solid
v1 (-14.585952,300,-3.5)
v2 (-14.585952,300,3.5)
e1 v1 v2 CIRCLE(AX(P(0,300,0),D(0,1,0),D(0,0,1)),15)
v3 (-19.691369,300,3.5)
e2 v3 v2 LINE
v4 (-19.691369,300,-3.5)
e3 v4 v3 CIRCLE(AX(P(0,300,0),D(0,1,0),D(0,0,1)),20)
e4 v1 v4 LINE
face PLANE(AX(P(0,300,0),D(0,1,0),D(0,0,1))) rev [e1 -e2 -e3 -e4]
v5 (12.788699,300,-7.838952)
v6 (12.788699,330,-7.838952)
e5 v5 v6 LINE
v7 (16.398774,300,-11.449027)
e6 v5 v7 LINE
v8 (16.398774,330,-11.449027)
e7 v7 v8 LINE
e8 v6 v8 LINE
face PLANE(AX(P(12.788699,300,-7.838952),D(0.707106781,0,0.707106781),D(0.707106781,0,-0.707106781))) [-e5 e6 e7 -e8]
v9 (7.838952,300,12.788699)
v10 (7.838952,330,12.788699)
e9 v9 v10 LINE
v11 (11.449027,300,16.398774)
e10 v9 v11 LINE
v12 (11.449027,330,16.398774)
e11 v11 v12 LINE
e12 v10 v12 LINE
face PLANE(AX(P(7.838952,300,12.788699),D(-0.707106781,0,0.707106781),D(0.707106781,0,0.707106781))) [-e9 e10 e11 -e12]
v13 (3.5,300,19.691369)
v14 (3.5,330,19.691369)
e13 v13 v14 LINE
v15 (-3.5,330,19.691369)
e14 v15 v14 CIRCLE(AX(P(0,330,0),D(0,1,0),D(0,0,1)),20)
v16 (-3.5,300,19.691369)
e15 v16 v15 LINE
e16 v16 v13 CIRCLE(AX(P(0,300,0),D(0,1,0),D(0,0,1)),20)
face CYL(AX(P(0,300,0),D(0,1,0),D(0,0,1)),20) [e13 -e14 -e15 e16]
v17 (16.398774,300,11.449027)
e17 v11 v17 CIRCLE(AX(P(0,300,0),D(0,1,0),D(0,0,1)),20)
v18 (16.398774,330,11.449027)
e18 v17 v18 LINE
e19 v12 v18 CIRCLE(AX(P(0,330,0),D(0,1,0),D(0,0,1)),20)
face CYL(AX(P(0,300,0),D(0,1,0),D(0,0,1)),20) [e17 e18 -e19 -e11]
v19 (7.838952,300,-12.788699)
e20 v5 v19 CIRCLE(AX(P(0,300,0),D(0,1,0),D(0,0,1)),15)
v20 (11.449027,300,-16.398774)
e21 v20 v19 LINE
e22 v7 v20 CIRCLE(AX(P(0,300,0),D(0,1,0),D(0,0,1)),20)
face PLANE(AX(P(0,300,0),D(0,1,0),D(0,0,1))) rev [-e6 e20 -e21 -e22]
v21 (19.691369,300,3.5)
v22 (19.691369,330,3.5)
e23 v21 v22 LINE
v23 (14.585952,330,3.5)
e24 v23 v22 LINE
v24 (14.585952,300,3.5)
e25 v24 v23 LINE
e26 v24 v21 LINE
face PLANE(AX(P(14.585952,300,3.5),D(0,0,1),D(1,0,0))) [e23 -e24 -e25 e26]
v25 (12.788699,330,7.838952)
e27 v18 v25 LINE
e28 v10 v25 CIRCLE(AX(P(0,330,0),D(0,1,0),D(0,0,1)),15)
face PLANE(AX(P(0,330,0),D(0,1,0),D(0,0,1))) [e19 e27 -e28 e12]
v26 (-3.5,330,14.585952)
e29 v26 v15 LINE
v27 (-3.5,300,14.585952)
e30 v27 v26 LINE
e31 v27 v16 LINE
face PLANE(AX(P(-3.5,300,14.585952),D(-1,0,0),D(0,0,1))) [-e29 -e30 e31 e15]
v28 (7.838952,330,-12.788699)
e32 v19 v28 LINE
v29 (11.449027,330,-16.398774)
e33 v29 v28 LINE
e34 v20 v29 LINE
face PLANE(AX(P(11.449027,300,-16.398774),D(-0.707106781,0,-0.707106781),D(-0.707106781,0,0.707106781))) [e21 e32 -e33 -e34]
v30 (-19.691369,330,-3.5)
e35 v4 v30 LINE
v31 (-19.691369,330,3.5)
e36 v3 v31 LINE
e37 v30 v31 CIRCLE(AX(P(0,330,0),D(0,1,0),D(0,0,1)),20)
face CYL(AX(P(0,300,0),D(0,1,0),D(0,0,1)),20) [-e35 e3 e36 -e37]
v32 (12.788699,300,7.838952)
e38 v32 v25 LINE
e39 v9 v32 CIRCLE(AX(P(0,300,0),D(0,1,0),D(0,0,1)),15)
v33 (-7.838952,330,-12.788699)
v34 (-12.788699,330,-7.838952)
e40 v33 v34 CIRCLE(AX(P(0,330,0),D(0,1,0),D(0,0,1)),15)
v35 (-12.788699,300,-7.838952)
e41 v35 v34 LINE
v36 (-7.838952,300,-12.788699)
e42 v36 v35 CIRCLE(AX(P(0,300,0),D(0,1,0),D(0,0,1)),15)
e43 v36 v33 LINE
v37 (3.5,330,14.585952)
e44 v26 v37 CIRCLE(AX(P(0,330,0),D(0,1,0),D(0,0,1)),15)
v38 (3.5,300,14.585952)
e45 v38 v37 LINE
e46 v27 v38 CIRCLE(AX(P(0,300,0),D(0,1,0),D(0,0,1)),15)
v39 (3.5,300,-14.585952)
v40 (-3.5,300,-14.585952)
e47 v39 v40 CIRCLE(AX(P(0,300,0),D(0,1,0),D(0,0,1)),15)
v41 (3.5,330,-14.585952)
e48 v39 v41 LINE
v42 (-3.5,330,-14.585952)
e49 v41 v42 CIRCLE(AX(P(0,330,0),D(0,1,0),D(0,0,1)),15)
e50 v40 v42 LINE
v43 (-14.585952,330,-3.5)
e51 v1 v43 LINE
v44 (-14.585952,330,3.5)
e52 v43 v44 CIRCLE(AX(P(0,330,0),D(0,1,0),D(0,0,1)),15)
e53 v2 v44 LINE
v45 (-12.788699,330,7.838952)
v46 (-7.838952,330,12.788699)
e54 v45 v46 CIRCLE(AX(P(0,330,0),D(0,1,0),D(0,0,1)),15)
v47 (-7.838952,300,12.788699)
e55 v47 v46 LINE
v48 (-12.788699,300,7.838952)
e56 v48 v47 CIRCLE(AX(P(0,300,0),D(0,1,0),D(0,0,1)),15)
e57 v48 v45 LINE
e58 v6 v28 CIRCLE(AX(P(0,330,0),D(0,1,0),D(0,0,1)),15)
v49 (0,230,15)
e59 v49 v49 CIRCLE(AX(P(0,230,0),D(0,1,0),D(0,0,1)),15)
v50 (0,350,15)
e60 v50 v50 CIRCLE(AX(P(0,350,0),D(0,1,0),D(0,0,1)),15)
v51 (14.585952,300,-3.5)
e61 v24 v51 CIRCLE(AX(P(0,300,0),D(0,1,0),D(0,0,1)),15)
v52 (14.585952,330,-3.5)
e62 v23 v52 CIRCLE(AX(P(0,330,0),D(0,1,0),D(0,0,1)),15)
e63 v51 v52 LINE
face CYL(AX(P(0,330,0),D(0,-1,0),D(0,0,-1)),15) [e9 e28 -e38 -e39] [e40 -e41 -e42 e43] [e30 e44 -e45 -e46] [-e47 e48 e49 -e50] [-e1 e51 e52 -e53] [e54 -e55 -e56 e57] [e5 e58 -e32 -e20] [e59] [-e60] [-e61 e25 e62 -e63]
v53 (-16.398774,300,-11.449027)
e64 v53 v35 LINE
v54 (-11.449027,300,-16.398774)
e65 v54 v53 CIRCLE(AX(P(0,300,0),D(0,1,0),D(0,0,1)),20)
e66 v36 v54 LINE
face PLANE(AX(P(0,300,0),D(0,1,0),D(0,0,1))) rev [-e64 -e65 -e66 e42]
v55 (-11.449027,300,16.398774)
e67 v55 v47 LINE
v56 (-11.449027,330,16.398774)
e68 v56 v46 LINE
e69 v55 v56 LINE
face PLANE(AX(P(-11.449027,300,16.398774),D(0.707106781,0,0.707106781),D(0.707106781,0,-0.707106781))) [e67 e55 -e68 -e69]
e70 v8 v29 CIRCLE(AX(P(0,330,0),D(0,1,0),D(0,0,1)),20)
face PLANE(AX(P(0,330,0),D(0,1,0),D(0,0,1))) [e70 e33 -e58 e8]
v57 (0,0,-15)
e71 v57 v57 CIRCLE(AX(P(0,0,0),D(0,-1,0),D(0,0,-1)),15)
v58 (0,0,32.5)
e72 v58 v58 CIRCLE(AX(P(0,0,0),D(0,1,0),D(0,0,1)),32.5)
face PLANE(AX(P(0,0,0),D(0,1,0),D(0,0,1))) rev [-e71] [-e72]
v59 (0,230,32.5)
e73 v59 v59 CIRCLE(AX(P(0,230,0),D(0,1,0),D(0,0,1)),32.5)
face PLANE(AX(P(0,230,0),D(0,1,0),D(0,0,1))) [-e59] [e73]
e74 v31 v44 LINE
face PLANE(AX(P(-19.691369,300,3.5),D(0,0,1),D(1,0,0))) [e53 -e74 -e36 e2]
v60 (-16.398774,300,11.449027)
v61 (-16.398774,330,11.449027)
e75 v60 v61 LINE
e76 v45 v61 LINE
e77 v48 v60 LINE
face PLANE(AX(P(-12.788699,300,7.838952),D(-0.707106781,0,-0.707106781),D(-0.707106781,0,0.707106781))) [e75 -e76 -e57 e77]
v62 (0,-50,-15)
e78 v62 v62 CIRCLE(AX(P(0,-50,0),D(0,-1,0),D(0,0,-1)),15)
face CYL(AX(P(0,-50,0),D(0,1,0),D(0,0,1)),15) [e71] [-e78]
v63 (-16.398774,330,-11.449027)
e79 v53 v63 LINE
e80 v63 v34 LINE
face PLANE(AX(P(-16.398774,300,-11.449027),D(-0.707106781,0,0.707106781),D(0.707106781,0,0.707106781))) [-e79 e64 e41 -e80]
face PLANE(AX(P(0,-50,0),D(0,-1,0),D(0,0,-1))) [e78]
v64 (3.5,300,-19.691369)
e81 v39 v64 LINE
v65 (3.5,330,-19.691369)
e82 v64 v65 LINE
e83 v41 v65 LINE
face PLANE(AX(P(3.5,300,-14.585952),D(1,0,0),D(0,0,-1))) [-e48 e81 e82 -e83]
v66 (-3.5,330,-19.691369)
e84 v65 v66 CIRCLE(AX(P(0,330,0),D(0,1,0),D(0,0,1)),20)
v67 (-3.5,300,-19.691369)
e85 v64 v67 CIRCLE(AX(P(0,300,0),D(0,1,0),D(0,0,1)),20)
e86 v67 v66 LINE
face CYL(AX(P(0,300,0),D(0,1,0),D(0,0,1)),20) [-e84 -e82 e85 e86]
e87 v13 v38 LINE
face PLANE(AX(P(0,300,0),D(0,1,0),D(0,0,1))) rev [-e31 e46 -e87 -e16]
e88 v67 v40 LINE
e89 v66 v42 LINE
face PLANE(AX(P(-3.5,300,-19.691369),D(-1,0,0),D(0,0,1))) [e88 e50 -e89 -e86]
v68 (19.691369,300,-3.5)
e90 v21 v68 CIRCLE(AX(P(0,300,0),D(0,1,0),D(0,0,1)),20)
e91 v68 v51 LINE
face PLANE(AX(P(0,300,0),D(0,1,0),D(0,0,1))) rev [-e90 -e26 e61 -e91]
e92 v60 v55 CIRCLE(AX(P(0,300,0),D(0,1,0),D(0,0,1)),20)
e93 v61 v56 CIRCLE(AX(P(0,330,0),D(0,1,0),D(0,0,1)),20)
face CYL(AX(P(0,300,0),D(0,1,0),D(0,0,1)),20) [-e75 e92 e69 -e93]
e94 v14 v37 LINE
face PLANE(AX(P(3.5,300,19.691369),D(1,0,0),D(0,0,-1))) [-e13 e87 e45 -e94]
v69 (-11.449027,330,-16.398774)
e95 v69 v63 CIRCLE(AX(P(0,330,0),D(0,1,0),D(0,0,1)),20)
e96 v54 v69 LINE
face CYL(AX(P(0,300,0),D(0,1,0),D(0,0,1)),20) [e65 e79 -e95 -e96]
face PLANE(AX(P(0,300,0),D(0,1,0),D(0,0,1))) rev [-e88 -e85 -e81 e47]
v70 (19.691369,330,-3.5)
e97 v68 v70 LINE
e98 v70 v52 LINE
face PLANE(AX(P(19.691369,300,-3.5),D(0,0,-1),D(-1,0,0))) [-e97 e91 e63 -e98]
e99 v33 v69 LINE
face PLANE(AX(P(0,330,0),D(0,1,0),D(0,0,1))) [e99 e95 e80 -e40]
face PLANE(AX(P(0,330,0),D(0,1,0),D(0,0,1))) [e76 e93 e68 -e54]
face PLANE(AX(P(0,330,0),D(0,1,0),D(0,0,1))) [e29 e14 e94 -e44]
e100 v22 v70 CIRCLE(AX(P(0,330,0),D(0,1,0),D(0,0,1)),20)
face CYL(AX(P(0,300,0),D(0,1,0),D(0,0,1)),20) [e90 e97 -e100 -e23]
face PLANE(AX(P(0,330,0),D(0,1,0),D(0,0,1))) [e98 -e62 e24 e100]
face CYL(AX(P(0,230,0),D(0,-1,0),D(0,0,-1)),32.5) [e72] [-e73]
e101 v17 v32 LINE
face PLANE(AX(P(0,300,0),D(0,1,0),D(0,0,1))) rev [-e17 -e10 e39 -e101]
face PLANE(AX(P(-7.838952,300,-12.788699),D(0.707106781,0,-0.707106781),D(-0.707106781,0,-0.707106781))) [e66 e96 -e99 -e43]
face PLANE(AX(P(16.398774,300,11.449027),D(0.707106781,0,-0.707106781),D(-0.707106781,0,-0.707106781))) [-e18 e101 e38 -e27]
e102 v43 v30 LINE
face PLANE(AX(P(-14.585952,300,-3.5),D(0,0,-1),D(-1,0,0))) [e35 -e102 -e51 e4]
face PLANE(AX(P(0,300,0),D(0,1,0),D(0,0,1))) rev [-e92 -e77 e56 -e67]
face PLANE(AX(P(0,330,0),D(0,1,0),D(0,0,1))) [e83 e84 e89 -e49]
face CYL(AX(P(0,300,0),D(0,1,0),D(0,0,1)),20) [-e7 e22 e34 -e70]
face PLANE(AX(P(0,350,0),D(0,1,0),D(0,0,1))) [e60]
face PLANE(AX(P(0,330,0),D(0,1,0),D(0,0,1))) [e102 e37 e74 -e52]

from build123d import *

# Parameters (mm, degrees)
SKETCH1_R           = 32.5
BOSS_EXTRUDE1_DEPTH = 230
SKETCH2_R           = 15
BOSS_EXTRUDE2_DEPTH = 100
BOSS_EXTRUDE3_START = 50
SKETCH3_R           = 15
BOSS_EXTRUDE3_DEPTH = 50
BOSS_EXTRUDE4_START = -30
BOSS_EXTRUDE4_DEPTH = 30
SKETCH5_R           = 15
BOSS_EXTRUDE5_DEPTH = 20


with BuildPart() as part:
    # Sketch1 → Boss-Extrude1 (new body)
    with BuildSketch(Plane(origin=(0, 0, 0), x_dir=(1, 0, 0), z_dir=(0, 1, 0))):
        with Locations(Location((0, 0, 0), (0, 0, 270))):
            Circle(SKETCH1_R)
    extrude(amount=BOSS_EXTRUDE1_DEPTH)

    # Sketch2 → Boss-Extrude2 (add)
    with BuildSketch(Plane(origin=(0, 230, 0), x_dir=(1, 0, 0), z_dir=(0, 1, 0))):
        with Locations(Location((0, 0, 0), (0, 0, 270))):
            Circle(SKETCH2_R)
    extrude(amount=BOSS_EXTRUDE2_DEPTH)

    # Sketch3 → Boss-Extrude3 (add)
    with BuildSketch(Plane.XZ.offset(BOSS_EXTRUDE3_START)):
        with Locations(Location((0, 0, 0), (0, 0, 90))):
            Circle(SKETCH3_R)
    extrude(amount=-BOSS_EXTRUDE3_DEPTH)

    # Sketch4 → Boss-Extrude4 (add)
    with BuildSketch(Plane(origin=(0, 330, 0), x_dir=(1, 0, 0), z_dir=(0, 1, 0)).offset(BOSS_EXTRUDE4_START)):
        with BuildLine():
            Line((-3.5, 19.691368668), (-3.5, 14.585952146))
            ThreePointArc((-3.5, 14.585952146), (-5.740251485, 13.858192988), (-7.838951938, 12.788699407))
            Line((-7.838951938, 12.788699407), (-11.449026581, 16.39877405))
            ThreePointArc((-11.449026581, 16.39877405), (-14.142135624, 14.142135624), (-16.39877405, 11.449026581))
            Line((-16.39877405, 11.449026581), (-12.788699407, 7.838951938))
            ThreePointArc((-12.788699407, 7.838951938), (-13.858192988, 5.740251485), (-14.585952146, 3.5))
            Line((-14.585952146, 3.5), (-19.691368668, 3.5))
            ThreePointArc((-19.691368668, 3.5), (-20, 0), (-19.691368668, -3.5))
            Line((-19.691368668, -3.5), (-14.585952146, -3.5))
            ThreePointArc((-14.585952146, -3.5), (-13.858192988, -5.740251485), (-12.788699407, -7.838951938))
            Line((-12.788699407, -7.838951938), (-16.39877405, -11.449026581))
            ThreePointArc((-16.39877405, -11.449026581), (-14.142135624, -14.142135624), (-11.449026581, -16.39877405))
            Line((-11.449026581, -16.39877405), (-7.838951938, -12.788699407))
            ThreePointArc((-7.838951938, -12.788699407), (-5.740251485, -13.858192988), (-3.5, -14.585952146))
            Line((-3.5, -14.585952146), (-3.5, -19.691368668))
            ThreePointArc((-3.5, -19.691368668), (0, -20), (3.5, -19.691368668))
            Line((3.5, -19.691368668), (3.5, -14.585952146))
            ThreePointArc((3.5, -14.585952146), (5.740251485, -13.858192988), (7.838951938, -12.788699407))
            Line((7.838951938, -12.788699407), (11.449026581, -16.39877405))
            ThreePointArc((11.449026581, -16.39877405), (14.142135624, -14.142135624), (16.39877405, -11.449026581))
            Line((16.39877405, -11.449026581), (12.788699407, -7.838951938))
            ThreePointArc((12.788699407, -7.838951938), (13.858192988, -5.740251485), (14.585952146, -3.5))
            Line((14.585952146, -3.5), (19.691368668, -3.5))
            ThreePointArc((19.691368668, -3.5), (20, 0), (19.691368668, 3.5))
            Line((19.691368668, 3.5), (14.585952146, 3.5))
            ThreePointArc((14.585952146, 3.5), (13.858192988, 5.740251485), (12.788699407, 7.838951938))
            Line((12.788699407, 7.838951938), (16.39877405, 11.449026581))
            ThreePointArc((16.39877405, 11.449026581), (14.142135624, 14.142135624), (11.449026581, 16.39877405))
            Line((11.449026581, 16.39877405), (7.838951938, 12.788699407))
            ThreePointArc((7.838951938, 12.788699407), (5.740251485, 13.858192988), (3.5, 14.585952146))
            Line((3.5, 14.585952146), (3.5, 19.691368668))
            ThreePointArc((3.5, 19.691368668), (0, 20), (-3.5, 19.691368668))
        make_face()
    extrude(amount=BOSS_EXTRUDE4_DEPTH)

    # Sketch5 → Boss-Extrude5 (add)
    with BuildSketch(Plane(origin=(0, 330, 0), x_dir=(1, 0, 0), z_dir=(0, 1, 0))):
        with Locations(Location((0, 0, 0), (0, 0, 270))):
            Circle(SKETCH5_R)
    extrude(amount=BOSS_EXTRUDE5_DEPTH)


solid = part.part
